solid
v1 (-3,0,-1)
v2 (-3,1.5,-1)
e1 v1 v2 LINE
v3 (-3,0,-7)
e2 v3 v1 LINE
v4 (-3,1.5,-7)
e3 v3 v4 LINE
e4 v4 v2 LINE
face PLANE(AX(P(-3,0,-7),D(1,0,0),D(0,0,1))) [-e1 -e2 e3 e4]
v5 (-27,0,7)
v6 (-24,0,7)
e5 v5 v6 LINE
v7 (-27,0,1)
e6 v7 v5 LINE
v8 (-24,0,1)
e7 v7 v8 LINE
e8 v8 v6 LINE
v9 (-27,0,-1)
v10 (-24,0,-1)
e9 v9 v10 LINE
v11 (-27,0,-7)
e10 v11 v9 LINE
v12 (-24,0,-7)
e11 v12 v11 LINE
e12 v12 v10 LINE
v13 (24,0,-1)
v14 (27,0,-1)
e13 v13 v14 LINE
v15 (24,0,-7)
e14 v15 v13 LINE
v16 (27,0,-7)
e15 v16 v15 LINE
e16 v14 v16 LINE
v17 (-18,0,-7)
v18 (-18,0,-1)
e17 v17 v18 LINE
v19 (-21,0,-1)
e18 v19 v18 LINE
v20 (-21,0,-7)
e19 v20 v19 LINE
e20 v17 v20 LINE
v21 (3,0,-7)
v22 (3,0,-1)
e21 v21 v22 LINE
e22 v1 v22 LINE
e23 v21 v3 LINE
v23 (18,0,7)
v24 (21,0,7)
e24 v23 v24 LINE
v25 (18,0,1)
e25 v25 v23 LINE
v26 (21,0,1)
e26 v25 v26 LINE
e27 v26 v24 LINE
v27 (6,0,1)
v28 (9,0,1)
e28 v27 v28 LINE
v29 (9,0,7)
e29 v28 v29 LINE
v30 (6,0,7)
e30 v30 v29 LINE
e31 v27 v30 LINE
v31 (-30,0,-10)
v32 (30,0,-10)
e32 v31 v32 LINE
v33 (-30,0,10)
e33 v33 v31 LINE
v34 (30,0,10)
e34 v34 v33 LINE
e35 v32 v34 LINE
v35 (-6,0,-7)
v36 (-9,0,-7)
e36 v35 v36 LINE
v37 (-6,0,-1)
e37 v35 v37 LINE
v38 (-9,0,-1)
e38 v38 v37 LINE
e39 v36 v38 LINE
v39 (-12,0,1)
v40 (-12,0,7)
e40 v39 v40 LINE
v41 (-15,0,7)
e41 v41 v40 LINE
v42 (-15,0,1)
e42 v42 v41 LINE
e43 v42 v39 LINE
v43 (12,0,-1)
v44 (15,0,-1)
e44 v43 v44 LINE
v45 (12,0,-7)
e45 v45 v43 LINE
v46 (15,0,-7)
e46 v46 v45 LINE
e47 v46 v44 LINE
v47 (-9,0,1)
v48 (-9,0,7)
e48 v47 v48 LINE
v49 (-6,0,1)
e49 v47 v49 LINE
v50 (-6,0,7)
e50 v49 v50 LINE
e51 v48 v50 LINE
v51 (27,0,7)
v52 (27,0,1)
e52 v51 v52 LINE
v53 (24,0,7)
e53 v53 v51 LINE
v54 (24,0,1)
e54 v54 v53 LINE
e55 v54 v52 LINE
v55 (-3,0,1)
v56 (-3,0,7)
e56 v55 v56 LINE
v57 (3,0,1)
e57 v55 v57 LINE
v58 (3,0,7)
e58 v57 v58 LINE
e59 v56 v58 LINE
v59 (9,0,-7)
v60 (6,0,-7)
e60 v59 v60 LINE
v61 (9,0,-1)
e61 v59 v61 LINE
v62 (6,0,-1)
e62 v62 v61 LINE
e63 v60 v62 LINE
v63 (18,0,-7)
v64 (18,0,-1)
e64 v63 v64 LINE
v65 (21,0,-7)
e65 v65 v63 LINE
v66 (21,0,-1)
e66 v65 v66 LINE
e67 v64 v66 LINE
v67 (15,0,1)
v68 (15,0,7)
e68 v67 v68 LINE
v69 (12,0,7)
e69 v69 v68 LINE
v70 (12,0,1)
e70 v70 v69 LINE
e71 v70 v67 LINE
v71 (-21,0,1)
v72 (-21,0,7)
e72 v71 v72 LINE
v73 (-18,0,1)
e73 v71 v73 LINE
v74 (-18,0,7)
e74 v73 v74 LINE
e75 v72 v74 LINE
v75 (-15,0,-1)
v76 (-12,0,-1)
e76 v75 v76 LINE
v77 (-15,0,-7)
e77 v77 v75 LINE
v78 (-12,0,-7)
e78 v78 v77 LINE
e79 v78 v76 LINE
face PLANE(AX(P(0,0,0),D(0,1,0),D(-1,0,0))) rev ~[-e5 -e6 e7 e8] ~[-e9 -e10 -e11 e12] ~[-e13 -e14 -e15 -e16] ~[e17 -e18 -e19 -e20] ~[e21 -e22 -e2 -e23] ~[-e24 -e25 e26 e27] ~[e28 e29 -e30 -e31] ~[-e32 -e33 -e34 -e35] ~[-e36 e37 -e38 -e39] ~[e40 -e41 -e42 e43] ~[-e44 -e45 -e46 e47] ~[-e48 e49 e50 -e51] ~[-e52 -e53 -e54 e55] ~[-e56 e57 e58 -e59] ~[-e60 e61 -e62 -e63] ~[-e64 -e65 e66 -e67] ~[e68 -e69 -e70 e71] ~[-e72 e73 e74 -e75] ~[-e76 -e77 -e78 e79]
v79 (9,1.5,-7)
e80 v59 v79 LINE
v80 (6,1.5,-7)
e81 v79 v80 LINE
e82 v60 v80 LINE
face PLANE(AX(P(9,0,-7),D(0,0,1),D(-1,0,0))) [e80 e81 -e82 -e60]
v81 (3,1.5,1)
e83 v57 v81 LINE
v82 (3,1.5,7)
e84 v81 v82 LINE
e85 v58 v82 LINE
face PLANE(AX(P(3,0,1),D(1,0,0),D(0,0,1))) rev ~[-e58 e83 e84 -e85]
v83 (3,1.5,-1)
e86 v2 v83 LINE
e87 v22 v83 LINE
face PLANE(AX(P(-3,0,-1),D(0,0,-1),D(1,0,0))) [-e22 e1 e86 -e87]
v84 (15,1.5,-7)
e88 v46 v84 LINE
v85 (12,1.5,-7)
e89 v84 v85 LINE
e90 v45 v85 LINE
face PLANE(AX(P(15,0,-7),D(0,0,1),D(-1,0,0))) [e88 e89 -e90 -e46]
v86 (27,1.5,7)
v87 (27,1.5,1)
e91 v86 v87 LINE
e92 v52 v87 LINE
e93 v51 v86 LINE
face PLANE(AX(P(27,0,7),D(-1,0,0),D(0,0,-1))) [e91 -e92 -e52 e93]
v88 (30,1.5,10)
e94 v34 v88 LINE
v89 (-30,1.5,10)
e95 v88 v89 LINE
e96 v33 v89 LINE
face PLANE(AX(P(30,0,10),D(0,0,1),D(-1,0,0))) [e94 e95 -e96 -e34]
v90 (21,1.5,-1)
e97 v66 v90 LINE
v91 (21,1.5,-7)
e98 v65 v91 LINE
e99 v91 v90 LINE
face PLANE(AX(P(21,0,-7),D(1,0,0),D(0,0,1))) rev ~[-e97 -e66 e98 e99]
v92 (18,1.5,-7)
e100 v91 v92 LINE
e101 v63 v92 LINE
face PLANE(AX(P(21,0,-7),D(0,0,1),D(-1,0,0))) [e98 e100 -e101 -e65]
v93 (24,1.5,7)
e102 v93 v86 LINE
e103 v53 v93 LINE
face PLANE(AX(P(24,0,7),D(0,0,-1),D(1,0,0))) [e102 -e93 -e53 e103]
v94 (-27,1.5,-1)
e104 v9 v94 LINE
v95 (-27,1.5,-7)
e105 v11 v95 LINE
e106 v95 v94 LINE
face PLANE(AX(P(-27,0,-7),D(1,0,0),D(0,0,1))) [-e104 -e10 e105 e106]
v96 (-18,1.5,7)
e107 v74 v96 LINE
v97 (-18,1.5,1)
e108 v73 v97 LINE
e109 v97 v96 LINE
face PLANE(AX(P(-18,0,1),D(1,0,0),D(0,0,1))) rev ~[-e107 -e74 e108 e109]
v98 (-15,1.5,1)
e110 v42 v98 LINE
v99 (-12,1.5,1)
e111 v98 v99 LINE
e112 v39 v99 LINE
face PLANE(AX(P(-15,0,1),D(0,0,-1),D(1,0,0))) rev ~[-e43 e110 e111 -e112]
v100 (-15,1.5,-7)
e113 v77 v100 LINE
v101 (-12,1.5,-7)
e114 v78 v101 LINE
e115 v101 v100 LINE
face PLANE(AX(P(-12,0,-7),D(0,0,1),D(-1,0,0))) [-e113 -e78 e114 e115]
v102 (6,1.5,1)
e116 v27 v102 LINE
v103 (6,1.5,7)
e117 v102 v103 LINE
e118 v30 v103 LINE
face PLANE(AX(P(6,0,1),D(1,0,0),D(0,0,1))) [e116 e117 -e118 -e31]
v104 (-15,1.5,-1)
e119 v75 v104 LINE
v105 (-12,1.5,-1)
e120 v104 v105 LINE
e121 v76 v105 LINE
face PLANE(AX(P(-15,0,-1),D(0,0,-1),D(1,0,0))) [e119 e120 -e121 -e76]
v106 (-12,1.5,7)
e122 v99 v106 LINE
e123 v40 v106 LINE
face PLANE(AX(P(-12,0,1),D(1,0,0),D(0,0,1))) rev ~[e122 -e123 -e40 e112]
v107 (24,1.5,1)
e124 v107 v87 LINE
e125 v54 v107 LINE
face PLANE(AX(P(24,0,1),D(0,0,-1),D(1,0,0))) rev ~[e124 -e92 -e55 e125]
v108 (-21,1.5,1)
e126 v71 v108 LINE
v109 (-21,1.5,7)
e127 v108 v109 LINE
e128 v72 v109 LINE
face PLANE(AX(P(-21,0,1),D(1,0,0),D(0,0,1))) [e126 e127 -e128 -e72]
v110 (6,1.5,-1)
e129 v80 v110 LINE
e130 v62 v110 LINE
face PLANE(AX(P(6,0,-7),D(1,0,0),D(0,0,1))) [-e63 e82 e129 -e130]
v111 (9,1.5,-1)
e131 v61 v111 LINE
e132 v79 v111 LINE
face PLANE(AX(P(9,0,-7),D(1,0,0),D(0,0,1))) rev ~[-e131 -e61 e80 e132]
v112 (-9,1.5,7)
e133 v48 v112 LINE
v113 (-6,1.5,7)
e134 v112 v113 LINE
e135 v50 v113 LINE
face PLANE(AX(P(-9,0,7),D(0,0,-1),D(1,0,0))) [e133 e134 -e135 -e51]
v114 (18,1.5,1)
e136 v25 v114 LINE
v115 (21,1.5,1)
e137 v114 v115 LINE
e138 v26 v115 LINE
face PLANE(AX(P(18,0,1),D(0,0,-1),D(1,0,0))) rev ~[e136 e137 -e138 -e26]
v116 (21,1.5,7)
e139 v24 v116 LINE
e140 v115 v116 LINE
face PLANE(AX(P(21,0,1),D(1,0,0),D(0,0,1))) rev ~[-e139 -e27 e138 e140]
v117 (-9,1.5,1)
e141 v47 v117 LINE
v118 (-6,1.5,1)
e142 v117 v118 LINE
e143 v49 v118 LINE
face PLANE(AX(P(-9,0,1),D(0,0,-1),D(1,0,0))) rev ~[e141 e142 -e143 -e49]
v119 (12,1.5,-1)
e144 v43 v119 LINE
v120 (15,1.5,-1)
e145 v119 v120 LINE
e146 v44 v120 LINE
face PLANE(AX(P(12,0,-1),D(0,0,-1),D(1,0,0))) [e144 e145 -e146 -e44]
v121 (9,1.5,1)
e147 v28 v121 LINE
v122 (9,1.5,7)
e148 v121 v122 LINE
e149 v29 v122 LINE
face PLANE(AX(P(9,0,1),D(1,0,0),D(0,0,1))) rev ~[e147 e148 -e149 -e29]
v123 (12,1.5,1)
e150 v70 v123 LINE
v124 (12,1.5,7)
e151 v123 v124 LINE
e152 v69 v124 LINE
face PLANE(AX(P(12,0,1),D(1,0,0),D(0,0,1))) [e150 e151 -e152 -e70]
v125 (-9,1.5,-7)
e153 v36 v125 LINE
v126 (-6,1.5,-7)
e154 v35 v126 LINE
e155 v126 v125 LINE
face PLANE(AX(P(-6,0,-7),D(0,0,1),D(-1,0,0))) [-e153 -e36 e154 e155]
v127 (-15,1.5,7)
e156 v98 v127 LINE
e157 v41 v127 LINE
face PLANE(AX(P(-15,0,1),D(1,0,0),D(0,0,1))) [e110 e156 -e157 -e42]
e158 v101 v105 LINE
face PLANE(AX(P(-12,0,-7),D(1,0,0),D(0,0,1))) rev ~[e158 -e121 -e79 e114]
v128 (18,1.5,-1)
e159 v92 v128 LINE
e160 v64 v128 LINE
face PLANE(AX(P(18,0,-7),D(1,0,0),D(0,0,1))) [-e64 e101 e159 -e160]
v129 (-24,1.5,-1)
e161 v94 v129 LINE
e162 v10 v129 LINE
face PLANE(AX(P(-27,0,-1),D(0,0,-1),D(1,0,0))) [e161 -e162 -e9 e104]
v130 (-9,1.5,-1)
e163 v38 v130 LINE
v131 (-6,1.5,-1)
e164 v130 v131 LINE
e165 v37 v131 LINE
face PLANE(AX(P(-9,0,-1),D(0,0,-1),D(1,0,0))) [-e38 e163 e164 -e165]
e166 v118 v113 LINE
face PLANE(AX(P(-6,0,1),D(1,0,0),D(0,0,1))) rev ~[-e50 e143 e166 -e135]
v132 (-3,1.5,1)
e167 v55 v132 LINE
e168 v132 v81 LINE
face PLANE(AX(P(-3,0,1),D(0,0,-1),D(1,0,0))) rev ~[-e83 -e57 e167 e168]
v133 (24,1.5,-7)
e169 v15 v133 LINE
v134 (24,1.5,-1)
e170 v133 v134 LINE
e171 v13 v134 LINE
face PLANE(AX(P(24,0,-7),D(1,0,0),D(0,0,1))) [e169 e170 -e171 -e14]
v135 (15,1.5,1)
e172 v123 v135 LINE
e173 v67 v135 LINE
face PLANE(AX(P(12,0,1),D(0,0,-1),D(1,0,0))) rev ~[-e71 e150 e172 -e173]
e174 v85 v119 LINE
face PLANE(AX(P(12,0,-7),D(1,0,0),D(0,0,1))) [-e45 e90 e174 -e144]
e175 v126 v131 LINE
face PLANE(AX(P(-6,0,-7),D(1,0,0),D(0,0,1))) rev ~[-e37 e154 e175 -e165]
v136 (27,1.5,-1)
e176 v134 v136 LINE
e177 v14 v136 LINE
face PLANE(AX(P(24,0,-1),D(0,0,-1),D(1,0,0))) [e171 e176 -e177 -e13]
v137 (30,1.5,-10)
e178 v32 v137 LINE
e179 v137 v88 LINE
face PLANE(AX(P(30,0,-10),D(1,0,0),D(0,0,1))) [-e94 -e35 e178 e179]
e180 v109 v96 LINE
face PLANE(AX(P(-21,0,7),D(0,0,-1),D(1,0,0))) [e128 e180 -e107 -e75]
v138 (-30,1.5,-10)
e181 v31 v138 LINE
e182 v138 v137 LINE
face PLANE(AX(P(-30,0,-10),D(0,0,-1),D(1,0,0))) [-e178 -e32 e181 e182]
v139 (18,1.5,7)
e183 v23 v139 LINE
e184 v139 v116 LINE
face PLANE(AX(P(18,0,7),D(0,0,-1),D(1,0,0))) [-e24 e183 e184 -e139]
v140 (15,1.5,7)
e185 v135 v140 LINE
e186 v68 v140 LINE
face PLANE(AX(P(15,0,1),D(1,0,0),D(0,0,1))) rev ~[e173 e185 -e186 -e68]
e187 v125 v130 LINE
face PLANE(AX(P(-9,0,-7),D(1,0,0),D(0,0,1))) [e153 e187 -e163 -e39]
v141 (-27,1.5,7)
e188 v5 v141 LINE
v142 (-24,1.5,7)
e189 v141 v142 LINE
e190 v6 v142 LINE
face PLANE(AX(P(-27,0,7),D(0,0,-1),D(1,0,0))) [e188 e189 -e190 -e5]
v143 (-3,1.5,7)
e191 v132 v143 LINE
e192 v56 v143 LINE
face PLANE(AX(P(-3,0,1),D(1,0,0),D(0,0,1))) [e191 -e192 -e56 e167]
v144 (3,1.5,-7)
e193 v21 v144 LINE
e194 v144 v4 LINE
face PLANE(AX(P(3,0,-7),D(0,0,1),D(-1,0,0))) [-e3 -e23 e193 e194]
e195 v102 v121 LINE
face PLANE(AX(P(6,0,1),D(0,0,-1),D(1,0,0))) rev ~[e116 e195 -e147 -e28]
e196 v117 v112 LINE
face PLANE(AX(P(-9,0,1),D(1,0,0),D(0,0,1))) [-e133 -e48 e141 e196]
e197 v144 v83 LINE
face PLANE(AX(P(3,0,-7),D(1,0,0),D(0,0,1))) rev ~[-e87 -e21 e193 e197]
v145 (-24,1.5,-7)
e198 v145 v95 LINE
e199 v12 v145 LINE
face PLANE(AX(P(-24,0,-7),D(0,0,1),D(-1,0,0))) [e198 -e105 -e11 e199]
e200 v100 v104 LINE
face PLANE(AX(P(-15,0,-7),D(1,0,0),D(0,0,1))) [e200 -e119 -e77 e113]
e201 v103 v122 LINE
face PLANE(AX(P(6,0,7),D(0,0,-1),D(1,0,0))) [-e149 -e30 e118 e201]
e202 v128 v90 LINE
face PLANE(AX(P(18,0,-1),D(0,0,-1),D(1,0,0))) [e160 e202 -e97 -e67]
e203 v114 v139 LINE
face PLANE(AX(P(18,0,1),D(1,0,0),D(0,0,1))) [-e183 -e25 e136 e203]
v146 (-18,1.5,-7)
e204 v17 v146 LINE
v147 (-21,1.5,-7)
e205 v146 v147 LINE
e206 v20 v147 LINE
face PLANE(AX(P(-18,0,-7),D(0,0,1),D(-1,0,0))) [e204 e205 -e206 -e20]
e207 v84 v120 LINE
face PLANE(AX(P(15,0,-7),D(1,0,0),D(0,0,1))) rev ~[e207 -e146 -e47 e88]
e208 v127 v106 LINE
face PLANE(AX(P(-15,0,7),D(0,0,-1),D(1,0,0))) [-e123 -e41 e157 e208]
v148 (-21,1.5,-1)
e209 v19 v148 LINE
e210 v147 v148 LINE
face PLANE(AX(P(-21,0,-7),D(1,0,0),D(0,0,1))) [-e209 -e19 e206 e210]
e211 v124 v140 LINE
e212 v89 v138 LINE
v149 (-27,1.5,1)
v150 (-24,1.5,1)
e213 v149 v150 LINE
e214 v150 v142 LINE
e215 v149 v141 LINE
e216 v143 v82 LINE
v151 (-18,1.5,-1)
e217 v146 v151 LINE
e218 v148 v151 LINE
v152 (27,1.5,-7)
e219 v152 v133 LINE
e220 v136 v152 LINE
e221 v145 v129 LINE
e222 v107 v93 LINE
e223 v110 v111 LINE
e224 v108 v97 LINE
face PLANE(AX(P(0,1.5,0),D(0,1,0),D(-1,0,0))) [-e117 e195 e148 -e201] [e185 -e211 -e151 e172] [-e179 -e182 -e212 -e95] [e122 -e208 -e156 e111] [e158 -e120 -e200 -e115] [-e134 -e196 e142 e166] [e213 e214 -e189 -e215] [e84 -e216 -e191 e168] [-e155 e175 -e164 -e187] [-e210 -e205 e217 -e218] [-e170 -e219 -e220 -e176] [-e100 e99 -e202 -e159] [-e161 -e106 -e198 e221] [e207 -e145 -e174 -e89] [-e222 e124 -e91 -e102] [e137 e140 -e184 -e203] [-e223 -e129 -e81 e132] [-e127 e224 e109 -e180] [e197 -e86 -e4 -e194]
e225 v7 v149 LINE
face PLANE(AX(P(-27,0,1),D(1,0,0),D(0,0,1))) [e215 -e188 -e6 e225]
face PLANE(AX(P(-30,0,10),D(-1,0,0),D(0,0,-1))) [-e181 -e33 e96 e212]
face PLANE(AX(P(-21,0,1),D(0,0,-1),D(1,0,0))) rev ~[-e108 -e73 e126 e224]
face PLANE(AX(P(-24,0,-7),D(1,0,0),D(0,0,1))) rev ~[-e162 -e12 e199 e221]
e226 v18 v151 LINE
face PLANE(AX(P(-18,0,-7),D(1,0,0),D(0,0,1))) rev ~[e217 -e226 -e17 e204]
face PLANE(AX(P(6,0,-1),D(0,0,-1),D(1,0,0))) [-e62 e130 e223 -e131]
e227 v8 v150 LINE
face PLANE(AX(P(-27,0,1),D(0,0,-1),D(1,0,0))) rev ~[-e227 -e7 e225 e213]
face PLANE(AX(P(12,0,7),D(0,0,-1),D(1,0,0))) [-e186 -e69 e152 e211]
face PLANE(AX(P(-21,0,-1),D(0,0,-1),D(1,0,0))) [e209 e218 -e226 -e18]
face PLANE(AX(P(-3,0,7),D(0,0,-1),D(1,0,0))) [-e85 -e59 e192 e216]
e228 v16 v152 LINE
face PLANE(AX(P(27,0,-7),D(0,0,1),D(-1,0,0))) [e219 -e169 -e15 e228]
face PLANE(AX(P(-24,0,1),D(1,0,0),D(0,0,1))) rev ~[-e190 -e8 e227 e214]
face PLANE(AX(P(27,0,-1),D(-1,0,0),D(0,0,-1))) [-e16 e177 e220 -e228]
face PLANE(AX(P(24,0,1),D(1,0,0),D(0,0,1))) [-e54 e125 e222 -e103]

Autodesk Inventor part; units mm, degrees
ref_plane "YZ Plane" through (0, 0, 0) normal (1, 0, 0) x (0, 1, 0)
ref_plane "XZ Plane" through (0, 0, 0) normal (0, 1, 0) x (-1, 0, 0)
ref_plane "XY Plane" through (0, 0, 0) normal (0, 0, 1) x (1, 0, 0)
sketch "Sketch1" plane through (0, 0, 0) normal (0, 1, 0) x (-1, 0, 0)
  line L0 (30, -10) -> (-30, -10)
  line L1 (-30, -10) -> (-30, 10)
  line L2 (-30, 10) -> (30, 10)
  line L3 (30, 10) -> (30, -10)
  line L4 (24, -7) -> (27, -7)
  line L5 (27, -1) -> (24, -1)
  line L6 (27, 1) -> (24, 1)
  line L7 (27, 7) -> (24, 7)
  line L8 (27, -7) -> (27, -1)
  line L9 (27, 1) -> (27, 7)
  line L10 (24, -7) -> (24, -1)
  line L11 (24, 1) -> (24, 7)
  line L12 (-27, -7) -> (-24, -7)
  line L13 (-24, -1) -> (-27, -1)
  line L14 (-24, 1) -> (-27, 1)
  line L15 (-24, 7) -> (-27, 7)
  line L16 (18, -7) -> (21, -7)
  line L17 (21, -1) -> (18, -1)
  line L18 (21, 1) -> (18, 1)
  line L19 (21, 7) -> (18, 7)
  line L20 (-21, -7) -> (-18, -7)
  line L21 (-18, -1) -> (-21, -1)
  line L22 (-18, 1) -> (-21, 1)
  line L23 (-18, 7) -> (-21, 7)
  line L24 (12, -7) -> (15, -7)
  line L25 (15, -1) -> (12, -1)
  line L26 (15, 1) -> (12, 1)
  line L27 (15, 7) -> (12, 7)
  line L28 (-15, -7) -> (-12, -7)
  line L29 (-12, -1) -> (-15, -1)
  line L30 (-12, 1) -> (-15, 1)
  line L31 (-12, 7) -> (-15, 7)
  line L32 (6, -7) -> (9, -7)
  line L33 (9, -1) -> (6, -1)
  line L34 (9, 1) -> (6, 1)
  line L35 (9, 7) -> (6, 7)
  line L36 (-9, -7) -> (-6, -7)
  line L37 (-3, -7) -> (3, -7)
  line L38 (3, -1) -> (-3, -1)
  line L39 (-6, -1) -> (-9, -1)
  line L40 (3, 1) -> (-3, 1)
  line L41 (-6, 1) -> (-9, 1)
  line L42 (3, 7) -> (-3, 7)
  line L43 (-6, 7) -> (-9, 7)
  line L44 (21, -7) -> (21, -1)
  line L45 (21, 1) -> (21, 7)
  line L46 (18, -7) -> (18, -1)
  line L47 (18, 1) -> (18, 7)
  line L48 (15, -7) -> (15, -1)
  line L49 (15, 1) -> (15, 7)
  line L50 (12, -7) -> (12, -1)
  line L51 (12, 1) -> (12, 7)
  line L52 (9, -7) -> (9, -1)
  line L53 (9, 1) -> (9, 7)
  line L54 (6, -7) -> (6, -1)
  line L55 (6, 1) -> (6, 7)
  line L56 (3, -7) -> (3, -1)
  line L57 (3, 1) -> (3, 7)
  line L58 (-3, -7) -> (-3, -1)
  line L59 (-3, 1) -> (-3, 7)
  line L60 (-6, -7) -> (-6, -1)
  line L61 (-6, 1) -> (-6, 7)
  line L62 (-9, -7) -> (-9, -1)
  line L63 (-9, 1) -> (-9, 7)
  line L64 (-12, -7) -> (-12, -1)
  line L65 (-12, 1) -> (-12, 7)
  line L66 (-15, -7) -> (-15, -1)
  line L67 (-15, 1) -> (-15, 7)
  line L68 (-18, -7) -> (-18, -1)
  line L69 (-18, 1) -> (-18, 7)
  line L70 (-21, -7) -> (-21, -1)
  line L71 (-21, 1) -> (-21, 7)
  line L72 (-24, -7) -> (-24, -1)
  line L73 (-24, 1) -> (-24, 7)
  line L74 (-27, 7) -> (-27, 1)
  line L75 (-27, -1) -> (-27, -7)
  line L76 (-27, -7) -> (-27, -1)
  line L77 (-27, 1) -> (-27, 7)
  point P0 (0, 0)
  point P1 (3, -10)
  point P2 (3, 10)
  point P3 (6, -10)
  point P4 (6, 10)
  point P5 (9, -10)
  point P6 (9, 10)
  point P7 (12, -10)
  point P8 (12, 10)
  point P9 (15, -10)
  point P10 (15, 10)
  point P11 (18, -10)
  point P12 (18, 10)
  point P13 (21, -10)
  point P14 (21, 10)
  point P15 (24, -10)
  point P16 (24, 10)
  point P17 (27, -10)
  point P18 (27, 10)
  point P19 (-3, -10)
  point P20 (-3, 10)
  point P21 (-6, -10)
  point P22 (-6, 10)
  point P23 (-9, -10)
  point P24 (-9, 10)
  point P25 (-12, -10)
  point P26 (-12, 10)
  point P27 (-15, -10)
  point P28 (-15, 10)
  point P29 (-18, -10)
  point P30 (-18, 10)
  point P31 (-21, -10)
  point P32 (-21, 10)
  point P33 (-24, -10)
  point P34 (-24, 10)
  point P35 (-27, -10)
  point P36 (-27, 10)
extrude "Extrusion1" add sketch "Sketch1" along normal blind 1.5
properties part number "JARING"
